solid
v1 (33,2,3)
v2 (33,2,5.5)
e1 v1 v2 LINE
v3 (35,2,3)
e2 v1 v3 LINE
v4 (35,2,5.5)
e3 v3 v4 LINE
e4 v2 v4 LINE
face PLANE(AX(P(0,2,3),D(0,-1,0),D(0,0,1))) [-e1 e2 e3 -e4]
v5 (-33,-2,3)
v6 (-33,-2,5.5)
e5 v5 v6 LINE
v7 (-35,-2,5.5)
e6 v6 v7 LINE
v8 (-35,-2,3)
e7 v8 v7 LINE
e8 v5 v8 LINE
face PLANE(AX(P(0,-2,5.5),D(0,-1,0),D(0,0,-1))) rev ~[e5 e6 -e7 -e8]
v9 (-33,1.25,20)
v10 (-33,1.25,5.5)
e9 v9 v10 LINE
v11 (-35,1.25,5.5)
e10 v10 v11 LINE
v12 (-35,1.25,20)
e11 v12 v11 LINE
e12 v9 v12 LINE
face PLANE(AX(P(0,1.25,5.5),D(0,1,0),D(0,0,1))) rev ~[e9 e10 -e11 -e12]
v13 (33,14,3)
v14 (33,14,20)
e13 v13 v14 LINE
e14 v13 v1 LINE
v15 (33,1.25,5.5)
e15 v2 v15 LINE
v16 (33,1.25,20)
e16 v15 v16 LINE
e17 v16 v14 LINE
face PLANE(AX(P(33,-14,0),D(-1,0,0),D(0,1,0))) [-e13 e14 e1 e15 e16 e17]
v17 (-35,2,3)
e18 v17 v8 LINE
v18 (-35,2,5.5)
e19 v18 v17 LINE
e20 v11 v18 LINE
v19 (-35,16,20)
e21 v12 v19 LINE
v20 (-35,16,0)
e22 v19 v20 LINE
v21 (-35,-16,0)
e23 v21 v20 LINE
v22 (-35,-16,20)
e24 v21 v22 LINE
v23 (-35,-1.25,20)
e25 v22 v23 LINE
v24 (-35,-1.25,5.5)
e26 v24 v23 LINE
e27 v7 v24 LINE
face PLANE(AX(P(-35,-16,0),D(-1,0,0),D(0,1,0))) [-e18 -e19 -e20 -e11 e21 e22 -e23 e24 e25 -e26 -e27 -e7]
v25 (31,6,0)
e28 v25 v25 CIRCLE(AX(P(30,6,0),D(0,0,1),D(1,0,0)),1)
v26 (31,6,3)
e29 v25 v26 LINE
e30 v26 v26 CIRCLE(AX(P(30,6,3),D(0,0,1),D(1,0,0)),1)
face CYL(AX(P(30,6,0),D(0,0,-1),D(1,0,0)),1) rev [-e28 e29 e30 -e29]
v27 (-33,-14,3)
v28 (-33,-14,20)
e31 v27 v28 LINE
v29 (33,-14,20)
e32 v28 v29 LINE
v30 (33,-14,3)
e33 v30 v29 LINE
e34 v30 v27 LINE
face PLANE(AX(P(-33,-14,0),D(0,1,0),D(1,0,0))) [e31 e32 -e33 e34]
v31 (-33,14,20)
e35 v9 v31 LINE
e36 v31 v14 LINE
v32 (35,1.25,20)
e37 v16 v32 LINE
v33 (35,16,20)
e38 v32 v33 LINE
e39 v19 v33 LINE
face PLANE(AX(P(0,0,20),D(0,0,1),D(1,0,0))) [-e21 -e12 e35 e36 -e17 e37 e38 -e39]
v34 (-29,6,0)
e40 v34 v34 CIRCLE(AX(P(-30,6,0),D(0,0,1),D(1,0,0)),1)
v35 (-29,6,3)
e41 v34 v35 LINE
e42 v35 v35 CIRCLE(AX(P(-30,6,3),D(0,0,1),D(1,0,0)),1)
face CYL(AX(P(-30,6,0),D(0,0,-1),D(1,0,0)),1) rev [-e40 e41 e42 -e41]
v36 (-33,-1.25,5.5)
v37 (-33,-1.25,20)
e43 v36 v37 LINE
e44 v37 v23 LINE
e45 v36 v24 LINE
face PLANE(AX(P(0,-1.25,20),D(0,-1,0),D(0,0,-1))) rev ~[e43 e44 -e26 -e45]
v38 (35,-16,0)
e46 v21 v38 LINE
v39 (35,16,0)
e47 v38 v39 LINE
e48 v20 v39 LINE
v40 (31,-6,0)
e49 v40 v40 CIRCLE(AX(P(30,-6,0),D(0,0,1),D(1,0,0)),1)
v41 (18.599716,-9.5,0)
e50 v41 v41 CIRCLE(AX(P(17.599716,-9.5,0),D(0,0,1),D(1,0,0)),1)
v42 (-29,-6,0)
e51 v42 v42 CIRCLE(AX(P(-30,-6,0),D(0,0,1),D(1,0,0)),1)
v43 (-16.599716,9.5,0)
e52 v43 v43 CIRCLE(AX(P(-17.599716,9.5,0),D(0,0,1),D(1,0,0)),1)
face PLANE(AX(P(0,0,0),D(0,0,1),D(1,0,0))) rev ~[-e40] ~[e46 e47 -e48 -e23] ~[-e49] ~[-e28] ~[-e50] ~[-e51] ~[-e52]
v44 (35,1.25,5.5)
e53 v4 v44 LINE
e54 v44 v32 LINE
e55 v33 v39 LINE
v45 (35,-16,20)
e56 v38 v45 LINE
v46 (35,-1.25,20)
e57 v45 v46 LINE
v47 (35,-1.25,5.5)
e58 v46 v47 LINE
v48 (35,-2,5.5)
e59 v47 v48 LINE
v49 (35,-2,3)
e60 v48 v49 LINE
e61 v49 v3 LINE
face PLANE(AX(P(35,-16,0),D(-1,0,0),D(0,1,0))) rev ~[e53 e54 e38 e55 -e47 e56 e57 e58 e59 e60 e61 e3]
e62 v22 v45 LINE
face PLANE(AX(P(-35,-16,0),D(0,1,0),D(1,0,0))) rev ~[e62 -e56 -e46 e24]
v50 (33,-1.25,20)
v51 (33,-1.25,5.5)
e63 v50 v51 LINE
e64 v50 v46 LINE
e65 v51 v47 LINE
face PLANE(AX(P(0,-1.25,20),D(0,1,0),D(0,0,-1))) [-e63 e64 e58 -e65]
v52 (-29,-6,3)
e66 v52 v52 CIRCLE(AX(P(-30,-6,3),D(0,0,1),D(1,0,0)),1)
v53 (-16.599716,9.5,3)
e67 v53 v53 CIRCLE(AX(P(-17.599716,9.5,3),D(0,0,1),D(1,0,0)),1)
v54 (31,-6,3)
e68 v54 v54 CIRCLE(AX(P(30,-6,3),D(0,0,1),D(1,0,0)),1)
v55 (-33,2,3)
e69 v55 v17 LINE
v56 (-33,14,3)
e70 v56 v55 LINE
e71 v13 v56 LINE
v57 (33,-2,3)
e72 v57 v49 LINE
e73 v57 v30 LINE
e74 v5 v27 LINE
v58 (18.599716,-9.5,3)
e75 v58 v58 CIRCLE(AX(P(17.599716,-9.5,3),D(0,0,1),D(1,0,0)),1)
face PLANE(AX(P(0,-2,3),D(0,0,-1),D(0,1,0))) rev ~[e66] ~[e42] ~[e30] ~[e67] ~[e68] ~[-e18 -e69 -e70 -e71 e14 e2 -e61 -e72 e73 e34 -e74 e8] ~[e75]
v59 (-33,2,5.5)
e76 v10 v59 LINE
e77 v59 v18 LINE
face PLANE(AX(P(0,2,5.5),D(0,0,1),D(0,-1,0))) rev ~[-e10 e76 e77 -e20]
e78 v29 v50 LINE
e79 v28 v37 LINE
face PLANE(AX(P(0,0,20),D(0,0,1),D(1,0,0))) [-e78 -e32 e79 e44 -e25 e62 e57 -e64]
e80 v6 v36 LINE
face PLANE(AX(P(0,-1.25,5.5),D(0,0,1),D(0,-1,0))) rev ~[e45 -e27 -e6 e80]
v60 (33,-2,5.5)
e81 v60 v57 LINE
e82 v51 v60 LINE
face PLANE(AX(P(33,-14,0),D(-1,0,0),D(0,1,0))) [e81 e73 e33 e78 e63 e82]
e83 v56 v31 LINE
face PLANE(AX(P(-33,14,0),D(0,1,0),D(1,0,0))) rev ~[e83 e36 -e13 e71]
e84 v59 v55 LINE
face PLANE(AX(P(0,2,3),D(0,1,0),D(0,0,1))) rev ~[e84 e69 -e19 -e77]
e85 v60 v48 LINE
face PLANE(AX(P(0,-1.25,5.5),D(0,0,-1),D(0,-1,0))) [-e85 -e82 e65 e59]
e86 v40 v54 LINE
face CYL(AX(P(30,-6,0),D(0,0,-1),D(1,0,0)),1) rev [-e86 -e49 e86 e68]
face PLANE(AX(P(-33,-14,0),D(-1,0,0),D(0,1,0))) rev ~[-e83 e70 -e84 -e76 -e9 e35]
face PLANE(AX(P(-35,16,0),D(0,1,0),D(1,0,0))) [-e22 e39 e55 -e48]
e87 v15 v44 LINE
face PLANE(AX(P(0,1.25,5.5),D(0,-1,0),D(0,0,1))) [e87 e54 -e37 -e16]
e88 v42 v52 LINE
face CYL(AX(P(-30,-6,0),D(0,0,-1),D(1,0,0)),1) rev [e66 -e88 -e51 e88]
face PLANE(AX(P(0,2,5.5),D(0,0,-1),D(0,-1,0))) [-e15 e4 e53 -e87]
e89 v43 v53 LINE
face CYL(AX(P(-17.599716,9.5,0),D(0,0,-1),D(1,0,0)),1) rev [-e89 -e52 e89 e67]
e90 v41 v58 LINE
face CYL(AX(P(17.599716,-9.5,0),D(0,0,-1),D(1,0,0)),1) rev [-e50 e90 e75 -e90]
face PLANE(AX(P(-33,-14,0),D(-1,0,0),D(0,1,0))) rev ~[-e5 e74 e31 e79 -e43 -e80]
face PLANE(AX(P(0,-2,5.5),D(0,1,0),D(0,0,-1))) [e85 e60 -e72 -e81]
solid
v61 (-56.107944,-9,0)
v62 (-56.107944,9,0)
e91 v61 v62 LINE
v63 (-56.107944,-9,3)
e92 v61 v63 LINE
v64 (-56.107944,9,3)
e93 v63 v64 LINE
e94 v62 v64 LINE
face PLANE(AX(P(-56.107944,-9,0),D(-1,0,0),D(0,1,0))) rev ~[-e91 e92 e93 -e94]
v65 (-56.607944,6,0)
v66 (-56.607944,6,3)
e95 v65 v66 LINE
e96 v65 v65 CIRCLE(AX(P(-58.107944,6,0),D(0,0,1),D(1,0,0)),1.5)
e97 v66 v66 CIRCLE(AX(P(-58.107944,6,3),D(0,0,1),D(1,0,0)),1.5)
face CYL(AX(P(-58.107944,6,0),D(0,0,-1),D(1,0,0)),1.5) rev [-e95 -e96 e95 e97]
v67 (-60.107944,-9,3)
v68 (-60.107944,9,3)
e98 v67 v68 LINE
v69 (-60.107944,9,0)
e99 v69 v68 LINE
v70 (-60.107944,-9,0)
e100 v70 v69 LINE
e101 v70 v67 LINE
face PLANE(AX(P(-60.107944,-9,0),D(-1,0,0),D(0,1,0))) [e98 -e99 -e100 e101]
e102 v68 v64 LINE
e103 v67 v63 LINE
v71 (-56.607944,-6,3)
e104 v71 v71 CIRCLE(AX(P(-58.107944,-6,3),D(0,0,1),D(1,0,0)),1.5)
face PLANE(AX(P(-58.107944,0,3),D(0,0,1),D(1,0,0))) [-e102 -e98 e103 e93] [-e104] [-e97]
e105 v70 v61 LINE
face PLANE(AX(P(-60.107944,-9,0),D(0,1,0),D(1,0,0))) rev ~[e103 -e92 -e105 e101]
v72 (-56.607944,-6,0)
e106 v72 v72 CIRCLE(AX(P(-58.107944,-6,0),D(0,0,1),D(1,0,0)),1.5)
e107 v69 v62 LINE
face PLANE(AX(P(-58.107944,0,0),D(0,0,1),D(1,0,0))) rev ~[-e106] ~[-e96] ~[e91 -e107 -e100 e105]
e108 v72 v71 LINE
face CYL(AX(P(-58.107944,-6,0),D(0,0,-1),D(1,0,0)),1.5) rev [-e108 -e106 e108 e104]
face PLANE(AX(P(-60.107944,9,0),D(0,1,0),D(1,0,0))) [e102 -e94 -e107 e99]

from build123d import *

# Parameters (mm, degrees)
SKETCH_W          = 70
SKETCH_H          = 32
SKETCH_R          = 1
PAD_DEPTH         = 3
SKETCH001_W       = 70
SKETCH001_H       = 32
SKETCH001_W_2     = 66
SKETCH001_H_2     = 28
PAD001_DEPTH      = 20
POCKET_DEPTH      = 35.001
POCKET_DEPTH_BACK = -35.001
SKETCH003_W       = 4
SKETCH003_H       = 18
SKETCH003_R       = 1.5
PAD002_DEPTH      = 3


with BuildPart() as body:
    # Sketch → Pad (new body)
    with BuildSketch(Plane.XY):
        Rectangle(SKETCH_W, SKETCH_H)
        with Locations((-17.599716, 9.5)):
            Circle(SKETCH_R, mode=Mode.SUBTRACT)
        with Locations((17.599716, -9.5)):
            Circle(SKETCH_R, mode=Mode.SUBTRACT)
        with Locations((-30, 6)):
            Circle(SKETCH_R, mode=Mode.SUBTRACT)
        with Locations((-30, -6)):
            Circle(SKETCH_R, mode=Mode.SUBTRACT)
        with Locations((30, 6)):
            Circle(SKETCH_R, mode=Mode.SUBTRACT)
        with Locations((30, -6)):
            Circle(SKETCH_R, mode=Mode.SUBTRACT)
    extrude(amount=PAD_DEPTH)

    # Sketch001 → Pad001 (join)
    with BuildSketch(Plane.XY):
        Rectangle(SKETCH001_W, SKETCH001_H)
        Rectangle(SKETCH001_W_2, SKETCH001_H_2, mode=Mode.SUBTRACT)
    extrude(amount=PAD001_DEPTH)

    # Sketch002 → Pocket (cut, two sides)
    with BuildSketch(Plane.YZ) as pocket_sk:
        Polygon((-2, 5.5), (-2, 3), (2, 3), (2, 5.5), (1.25, 5.5), (1.25, 20), (-1.25, 20), (-1.25, 5.5), align=None)
    extrude(amount=-POCKET_DEPTH, mode=Mode.SUBTRACT)
    extrude(pocket_sk.sketch, amount=-POCKET_DEPTH_BACK, mode=Mode.SUBTRACT)


with BuildPart() as body001:
    # Sketch003 → Pad002 (new body)
    with BuildSketch(Plane.XY):
        with Locations((-58.107944, 0)):
            Rectangle(SKETCH003_W, SKETCH003_H)
        with Locations((-58.107944, 6)):
            Circle(SKETCH003_R, mode=Mode.SUBTRACT)
        with Locations((-58.107944, -6)):
            Circle(SKETCH003_R, mode=Mode.SUBTRACT)
    extrude(amount=PAD002_DEPTH)


solid = Compound([body.part, body001.part])
